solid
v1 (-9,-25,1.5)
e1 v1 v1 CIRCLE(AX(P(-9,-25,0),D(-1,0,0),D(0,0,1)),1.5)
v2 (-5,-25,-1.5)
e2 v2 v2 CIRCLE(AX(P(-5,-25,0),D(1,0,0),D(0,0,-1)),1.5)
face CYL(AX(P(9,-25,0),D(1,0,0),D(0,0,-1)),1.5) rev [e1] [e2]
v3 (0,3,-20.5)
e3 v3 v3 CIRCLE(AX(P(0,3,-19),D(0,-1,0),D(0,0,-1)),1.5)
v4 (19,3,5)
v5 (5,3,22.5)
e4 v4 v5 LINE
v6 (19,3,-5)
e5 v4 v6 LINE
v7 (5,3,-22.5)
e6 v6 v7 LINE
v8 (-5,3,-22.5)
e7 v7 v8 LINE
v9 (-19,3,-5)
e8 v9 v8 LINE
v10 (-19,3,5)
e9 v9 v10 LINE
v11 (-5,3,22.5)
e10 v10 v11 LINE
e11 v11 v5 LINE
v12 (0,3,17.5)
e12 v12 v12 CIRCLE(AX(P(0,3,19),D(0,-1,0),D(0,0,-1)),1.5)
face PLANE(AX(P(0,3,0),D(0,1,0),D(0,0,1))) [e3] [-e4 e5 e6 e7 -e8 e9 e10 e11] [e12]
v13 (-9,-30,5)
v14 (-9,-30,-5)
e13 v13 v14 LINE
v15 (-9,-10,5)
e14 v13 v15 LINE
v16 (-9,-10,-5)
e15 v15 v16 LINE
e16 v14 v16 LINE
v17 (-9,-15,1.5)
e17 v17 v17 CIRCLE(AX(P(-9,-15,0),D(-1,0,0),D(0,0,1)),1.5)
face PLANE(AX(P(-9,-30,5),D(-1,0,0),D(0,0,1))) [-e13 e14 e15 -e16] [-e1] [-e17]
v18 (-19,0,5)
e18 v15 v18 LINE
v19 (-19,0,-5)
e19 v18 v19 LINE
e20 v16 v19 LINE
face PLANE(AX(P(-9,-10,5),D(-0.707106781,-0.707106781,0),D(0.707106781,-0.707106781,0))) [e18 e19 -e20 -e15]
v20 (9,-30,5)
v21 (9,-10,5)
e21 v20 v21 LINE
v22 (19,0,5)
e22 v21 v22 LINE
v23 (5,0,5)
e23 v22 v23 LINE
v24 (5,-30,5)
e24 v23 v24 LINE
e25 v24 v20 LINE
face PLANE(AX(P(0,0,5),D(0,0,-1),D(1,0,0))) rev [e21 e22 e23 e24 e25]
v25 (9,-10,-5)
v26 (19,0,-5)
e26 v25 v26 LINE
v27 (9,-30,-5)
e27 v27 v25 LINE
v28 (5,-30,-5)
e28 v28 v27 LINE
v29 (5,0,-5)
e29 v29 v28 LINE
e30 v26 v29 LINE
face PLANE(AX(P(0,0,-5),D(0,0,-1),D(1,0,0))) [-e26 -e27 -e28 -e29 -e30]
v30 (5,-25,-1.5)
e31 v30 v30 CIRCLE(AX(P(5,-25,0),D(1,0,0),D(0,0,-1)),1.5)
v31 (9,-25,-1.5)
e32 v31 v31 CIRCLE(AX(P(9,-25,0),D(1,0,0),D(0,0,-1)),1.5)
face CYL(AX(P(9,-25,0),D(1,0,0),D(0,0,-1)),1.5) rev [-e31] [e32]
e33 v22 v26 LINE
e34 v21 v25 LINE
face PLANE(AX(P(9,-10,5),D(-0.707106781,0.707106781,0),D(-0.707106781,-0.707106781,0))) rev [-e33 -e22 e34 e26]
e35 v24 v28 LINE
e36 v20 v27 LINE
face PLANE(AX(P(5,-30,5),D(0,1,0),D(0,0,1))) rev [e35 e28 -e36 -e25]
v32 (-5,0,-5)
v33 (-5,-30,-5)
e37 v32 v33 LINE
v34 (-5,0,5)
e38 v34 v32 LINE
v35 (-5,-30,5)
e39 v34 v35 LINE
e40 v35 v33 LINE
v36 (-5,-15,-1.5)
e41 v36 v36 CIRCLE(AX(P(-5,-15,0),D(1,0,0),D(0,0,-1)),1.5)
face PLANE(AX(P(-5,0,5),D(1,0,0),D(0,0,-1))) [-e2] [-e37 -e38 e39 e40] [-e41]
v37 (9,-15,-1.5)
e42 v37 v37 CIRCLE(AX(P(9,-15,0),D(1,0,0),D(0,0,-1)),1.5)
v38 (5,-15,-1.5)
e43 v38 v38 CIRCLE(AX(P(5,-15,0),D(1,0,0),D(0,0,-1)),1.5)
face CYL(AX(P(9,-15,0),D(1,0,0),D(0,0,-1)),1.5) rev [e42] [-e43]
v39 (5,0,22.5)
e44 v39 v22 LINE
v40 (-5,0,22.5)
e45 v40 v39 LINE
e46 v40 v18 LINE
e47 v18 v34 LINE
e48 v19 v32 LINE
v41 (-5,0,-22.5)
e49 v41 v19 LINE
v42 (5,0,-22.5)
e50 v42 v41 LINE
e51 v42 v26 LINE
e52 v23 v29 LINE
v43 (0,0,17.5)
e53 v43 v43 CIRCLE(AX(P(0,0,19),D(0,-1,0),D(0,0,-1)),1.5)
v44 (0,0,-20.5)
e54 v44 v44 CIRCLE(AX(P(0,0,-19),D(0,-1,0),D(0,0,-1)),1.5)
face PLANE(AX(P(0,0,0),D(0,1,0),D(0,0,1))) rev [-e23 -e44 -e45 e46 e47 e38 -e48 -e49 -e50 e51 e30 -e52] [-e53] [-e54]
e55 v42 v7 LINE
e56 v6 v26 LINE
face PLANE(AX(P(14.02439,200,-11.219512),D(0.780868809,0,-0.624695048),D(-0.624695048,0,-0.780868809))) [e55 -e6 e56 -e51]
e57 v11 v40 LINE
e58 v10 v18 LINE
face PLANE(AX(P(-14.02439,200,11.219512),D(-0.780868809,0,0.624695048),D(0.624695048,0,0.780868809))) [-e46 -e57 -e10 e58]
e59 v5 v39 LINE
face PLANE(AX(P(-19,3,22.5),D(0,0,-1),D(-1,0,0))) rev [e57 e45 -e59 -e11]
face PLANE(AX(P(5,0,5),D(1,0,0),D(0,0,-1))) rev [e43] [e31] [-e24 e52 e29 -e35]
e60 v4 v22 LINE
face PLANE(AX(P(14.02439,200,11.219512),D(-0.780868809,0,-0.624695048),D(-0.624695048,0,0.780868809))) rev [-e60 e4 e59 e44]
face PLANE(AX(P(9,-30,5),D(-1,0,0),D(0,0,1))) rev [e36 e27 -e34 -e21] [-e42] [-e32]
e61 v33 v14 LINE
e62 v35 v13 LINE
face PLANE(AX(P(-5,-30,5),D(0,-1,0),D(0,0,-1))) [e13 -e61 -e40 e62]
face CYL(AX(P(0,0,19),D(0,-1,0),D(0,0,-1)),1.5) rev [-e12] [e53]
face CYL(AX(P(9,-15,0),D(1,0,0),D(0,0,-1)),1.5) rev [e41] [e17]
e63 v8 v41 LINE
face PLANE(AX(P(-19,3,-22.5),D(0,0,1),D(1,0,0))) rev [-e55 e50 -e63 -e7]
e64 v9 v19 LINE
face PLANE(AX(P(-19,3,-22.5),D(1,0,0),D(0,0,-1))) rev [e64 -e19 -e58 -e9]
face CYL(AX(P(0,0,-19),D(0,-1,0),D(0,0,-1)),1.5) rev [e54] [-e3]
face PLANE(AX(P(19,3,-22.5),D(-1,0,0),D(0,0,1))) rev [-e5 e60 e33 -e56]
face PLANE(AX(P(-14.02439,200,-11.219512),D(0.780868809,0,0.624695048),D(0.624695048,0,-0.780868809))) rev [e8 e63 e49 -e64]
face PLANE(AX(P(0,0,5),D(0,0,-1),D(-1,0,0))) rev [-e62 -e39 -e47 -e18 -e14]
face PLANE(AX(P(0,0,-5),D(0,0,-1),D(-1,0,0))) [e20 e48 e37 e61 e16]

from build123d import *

# Parameters (mm, degrees)
SKETCH_1_W            = 38
SKETCH_1_H            = 45
EXTRUDE_1_DEPTH       = 3
EXTRUDE_2_DEPTH       = 10
HOLE_WIZARD_3_0_3_1_D = 3
HOLE_WIZARD_3_0_3_2_D = 3
CUT_EXTRUDE_1_DEPTH   = 200
MIRROR_3_COPY_1_DEPTH = 200


with BuildPart() as part:
    # 草图1 → 凸台-拉伸1 (new body)
    with BuildSketch(Plane(origin=(0, 0, 0), x_dir=(1, 0, 0), z_dir=(0, 1, 0))):
        Rectangle(SKETCH_1_W, SKETCH_1_H)
    extrude(amount=EXTRUDE_1_DEPTH)

    # 草图3 → 凸台-拉伸2 (add)
    with BuildSketch(Plane(origin=(0, 0, -5), x_dir=(1, 0, 0), z_dir=(0, 0, -1))):
        Polygon((-5, 0), (-5, 30), (-9, 30), (-9, 10), (-19, 0), align=None)
    extrude_2 = extrude(amount=-EXTRUDE_2_DEPTH)

    # 镜向1: 凸台-拉伸2 across plane
    add(extrude_2.mirror(Plane(origin=(0, 0, 0), x_dir=(0, 0, 1), z_dir=(1, 0, 0))))

    # Ø3.0 (3) 直径孔1 (through all)
    with Locations(Plane(origin=(0, 0, 0), x_dir=(-1, 0, 0), z_dir=(0, -1, 0))):
        with Locations((0, -19), (0, 19)):
            Hole(HOLE_WIZARD_3_0_3_1_D / 2)

    # Ø3.0 (3) 直径孔2 (through all)
    with Locations(Plane(origin=(9, 0, 0), x_dir=(0, 0, -1), z_dir=(1, 0, 0))):
        with Locations((0, -25), (0, -15)):
            Hole(HOLE_WIZARD_3_0_3_2_D / 2)

    # 草图8 → 切除-拉伸1 (cut)
    with BuildSketch(Plane(origin=(0, 0, 0), x_dir=(-1, 0, 0), z_dir=(0, -1, 0))):
        Polygon((19, -5), (5, -22.5), (19, -22.5), align=None)
    cut_extrude_1 = extrude(amount=-CUT_EXTRUDE_1_DEPTH, mode=Mode.SUBTRACT)

    # 镜向2: 切除-拉伸1 across plane
    add(cut_extrude_1.mirror(Plane(origin=(0, 0, 0), x_dir=(0, 0, 1), z_dir=(1, 0, 0))), mode=Mode.SUBTRACT)

    # 镜向3: 切除-拉伸1 across plane
    add(cut_extrude_1.mirror(Plane(origin=(0, 0, 0), x_dir=(1, 0, 0), z_dir=(0, 0, -1))), mode=Mode.SUBTRACT)

    # 镜向3 copy 1 sketch → 镜向3 copy 1 (cut)
    with BuildSketch(Plane.XZ):
        Polygon((19, -5), (5, -22.5), (19, -22.5), align=None)
    extrude(amount=-MIRROR_3_COPY_1_DEPTH, mode=Mode.SUBTRACT)


solid = part.part
